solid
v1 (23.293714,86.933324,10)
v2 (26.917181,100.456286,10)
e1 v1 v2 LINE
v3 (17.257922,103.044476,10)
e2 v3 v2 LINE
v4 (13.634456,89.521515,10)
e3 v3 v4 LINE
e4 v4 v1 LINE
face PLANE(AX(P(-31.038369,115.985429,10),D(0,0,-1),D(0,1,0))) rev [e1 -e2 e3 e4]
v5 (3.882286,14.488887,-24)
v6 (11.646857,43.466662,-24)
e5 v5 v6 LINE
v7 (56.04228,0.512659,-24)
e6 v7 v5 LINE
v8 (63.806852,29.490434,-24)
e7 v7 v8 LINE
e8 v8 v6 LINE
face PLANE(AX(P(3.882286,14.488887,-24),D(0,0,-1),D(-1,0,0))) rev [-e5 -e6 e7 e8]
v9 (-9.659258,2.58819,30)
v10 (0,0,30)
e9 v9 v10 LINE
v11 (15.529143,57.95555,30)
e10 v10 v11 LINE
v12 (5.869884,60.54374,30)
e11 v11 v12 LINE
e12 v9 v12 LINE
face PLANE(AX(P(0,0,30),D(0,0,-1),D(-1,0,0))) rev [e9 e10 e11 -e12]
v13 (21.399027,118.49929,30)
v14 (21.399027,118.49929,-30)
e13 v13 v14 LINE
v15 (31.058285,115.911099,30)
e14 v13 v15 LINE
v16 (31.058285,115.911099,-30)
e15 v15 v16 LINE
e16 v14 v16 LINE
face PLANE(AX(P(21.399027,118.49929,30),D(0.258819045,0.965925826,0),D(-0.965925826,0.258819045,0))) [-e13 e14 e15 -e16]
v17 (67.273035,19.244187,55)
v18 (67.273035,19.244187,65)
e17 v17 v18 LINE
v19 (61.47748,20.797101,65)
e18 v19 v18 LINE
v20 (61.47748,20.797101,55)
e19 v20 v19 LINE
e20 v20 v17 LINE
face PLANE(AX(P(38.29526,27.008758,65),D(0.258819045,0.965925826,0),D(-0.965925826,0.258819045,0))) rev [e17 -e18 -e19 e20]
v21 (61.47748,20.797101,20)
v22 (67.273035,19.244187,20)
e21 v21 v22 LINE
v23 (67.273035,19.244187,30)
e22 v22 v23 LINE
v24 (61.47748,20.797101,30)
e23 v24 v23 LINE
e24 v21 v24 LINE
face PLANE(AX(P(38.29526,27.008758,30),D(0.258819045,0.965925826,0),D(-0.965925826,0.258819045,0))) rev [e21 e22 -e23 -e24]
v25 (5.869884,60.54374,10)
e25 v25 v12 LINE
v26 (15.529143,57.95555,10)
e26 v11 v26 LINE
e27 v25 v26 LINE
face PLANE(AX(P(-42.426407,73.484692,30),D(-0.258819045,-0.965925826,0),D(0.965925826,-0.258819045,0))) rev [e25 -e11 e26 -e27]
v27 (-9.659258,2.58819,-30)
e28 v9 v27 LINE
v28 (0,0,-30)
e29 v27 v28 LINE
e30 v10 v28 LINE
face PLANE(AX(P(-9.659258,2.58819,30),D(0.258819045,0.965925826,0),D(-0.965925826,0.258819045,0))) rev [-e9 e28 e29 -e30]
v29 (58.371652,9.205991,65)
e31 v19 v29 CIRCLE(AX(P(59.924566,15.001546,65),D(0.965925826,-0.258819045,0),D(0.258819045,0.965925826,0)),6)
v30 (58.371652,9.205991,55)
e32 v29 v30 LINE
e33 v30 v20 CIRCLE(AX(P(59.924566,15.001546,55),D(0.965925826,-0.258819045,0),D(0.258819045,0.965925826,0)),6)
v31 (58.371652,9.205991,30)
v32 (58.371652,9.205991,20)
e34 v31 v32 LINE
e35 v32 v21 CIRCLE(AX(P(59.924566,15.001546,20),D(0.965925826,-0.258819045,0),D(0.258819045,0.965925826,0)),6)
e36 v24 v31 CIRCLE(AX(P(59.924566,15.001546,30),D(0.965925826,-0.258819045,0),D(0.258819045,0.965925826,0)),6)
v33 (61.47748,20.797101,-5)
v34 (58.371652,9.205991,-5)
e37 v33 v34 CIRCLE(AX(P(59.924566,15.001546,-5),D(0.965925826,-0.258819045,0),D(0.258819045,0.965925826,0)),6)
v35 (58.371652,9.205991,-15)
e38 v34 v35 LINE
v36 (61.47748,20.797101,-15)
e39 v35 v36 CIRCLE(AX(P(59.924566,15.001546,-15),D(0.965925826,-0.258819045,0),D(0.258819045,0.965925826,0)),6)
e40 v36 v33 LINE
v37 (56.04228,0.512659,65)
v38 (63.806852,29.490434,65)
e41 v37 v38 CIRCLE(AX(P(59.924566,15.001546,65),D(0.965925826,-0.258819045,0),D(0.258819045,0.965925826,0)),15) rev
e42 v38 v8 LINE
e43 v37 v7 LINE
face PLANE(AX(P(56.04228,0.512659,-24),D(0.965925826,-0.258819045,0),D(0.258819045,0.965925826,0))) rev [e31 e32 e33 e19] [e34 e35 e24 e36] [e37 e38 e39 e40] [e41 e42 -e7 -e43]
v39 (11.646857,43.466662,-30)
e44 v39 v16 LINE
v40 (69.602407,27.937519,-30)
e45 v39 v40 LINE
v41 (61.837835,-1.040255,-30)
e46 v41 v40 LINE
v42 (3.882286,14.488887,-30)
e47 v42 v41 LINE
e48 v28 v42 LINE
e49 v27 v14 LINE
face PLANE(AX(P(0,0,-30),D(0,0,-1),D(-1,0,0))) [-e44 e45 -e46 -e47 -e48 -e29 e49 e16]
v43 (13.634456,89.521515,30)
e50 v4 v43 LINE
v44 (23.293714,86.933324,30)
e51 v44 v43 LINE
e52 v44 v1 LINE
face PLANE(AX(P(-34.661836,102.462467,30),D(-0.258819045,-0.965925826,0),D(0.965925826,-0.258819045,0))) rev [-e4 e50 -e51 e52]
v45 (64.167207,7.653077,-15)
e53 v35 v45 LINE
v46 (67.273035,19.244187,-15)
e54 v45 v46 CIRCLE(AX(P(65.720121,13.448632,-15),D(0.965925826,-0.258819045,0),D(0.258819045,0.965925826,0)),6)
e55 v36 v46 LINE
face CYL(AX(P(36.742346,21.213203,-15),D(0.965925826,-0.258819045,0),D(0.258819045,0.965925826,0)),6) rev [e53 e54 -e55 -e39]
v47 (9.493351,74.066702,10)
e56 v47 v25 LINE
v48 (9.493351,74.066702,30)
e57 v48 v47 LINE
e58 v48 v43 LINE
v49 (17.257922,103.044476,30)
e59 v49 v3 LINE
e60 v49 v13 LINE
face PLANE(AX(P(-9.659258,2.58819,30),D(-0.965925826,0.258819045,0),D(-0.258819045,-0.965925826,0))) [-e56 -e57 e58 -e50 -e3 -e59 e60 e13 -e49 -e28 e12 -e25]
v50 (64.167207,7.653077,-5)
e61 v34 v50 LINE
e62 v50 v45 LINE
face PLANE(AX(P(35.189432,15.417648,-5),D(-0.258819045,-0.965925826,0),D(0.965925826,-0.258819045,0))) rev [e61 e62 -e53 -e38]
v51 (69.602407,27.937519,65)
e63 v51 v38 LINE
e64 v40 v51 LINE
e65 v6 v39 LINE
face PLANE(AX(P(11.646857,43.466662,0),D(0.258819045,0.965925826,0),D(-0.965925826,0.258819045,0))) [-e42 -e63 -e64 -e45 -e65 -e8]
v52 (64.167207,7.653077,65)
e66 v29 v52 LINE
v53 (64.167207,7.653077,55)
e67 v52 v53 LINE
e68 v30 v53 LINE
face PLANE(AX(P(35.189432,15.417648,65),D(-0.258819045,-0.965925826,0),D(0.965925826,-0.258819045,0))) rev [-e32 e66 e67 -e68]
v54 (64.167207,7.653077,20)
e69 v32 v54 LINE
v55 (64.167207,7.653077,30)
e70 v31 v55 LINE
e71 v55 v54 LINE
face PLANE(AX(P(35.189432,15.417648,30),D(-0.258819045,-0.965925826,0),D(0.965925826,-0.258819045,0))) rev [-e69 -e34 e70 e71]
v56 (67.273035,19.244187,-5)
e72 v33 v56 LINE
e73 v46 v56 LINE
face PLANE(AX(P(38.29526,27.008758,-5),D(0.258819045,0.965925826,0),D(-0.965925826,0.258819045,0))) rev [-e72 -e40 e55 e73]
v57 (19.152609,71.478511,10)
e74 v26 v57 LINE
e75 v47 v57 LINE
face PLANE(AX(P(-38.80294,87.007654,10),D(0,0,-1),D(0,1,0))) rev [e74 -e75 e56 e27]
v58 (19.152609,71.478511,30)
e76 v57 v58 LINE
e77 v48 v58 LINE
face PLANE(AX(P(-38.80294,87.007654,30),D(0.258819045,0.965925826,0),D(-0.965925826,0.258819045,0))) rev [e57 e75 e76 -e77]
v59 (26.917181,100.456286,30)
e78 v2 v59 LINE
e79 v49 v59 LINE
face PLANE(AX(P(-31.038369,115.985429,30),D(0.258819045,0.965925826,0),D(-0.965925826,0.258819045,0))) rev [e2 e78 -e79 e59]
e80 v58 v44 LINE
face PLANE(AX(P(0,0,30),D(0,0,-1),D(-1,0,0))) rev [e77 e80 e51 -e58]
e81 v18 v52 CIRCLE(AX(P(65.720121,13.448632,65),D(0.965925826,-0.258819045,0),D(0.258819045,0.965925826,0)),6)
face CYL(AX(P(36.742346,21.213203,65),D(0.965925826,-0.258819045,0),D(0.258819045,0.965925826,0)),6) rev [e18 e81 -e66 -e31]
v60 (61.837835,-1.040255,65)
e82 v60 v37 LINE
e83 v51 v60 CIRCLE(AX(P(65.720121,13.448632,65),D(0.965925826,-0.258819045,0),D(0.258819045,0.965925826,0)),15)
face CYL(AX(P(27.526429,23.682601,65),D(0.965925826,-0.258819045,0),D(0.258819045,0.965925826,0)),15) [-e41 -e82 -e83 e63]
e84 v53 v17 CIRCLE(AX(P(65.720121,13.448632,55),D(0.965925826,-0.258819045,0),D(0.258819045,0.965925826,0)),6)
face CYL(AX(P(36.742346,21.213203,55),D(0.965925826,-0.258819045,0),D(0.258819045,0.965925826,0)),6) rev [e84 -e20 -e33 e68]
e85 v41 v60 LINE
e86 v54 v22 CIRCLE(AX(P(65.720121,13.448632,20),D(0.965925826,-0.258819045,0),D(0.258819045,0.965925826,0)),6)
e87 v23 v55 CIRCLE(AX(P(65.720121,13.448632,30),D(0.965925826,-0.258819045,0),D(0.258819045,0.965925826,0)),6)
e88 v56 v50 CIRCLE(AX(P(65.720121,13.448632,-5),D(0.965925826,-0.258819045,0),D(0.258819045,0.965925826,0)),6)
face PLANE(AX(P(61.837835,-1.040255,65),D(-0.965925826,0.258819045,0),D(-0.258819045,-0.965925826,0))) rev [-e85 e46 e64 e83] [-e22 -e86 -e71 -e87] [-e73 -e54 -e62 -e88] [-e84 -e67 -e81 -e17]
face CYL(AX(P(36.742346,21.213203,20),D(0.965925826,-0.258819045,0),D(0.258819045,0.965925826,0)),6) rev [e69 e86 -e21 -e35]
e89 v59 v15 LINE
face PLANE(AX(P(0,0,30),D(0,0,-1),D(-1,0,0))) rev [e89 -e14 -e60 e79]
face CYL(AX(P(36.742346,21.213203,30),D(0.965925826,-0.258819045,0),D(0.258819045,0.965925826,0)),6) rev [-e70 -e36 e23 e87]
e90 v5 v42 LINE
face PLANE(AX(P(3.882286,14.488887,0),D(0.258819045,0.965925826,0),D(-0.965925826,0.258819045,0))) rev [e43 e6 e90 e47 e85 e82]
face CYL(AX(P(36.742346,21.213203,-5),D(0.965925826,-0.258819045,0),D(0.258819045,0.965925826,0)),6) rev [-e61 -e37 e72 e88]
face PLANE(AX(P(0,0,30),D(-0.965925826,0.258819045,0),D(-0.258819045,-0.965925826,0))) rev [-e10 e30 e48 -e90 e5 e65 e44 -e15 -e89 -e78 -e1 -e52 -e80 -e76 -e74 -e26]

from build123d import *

# Parameters (mm, degrees)
BOSS_EXTRUDE1_DEPTH = 30
SKETCH3_W           = 20
SKETCH3_H           = 14
CUT_EXTRUDE1_DEPTH  = 60
BOSS_EXTRUDE2_DEPTH = 15
BOSS_EXTRUDE3_DEPTH = 6
CUT_EXTRUDE2_DEPTH  = 30


with BuildPart() as part:
    # Sketch2 → Boss-Extrude1 (new, symmetric)
    with BuildSketch(Plane.XY):
        Polygon((-9.659258263, 2.588190451), (0, 0), (31.058285412, 115.911099155), (21.399027149, 118.499289606), align=None)
    extrude(amount=BOSS_EXTRUDE1_DEPTH, both=True)

    # Sketch3 → Cut-Extrude1 (cut)
    with BuildSketch(Plane(origin=(0, 0, 0), x_dir=(0, 0, -1), z_dir=(0.9659258262890692, -0.25881904510251785, 0))):
        with Locations((-20, 97)):
            Rectangle(SKETCH3_W, SKETCH3_H)
        with Locations((-20, 67)):
            Rectangle(SKETCH3_W, SKETCH3_H)
    extrude(amount=-CUT_EXTRUDE1_DEPTH, mode=Mode.SUBTRACT)

    # Sketch5 → Boss-Extrude2 (add, symmetric)
    with BuildSketch(Plane(origin=(7.764571353, 28.977774789, 0), x_dir=(-0.9659258262890692, 0.25881904510251746, 0), z_dir=(-0.25881904510251746, -0.9659258262890692, 0))):
        Polygon((0, 24), (-54, 24), (-54, -65), (-60, -65), (-60, 30), (0, 30), align=None)
    extrude(amount=BOSS_EXTRUDE2_DEPTH, both=True)

    # Sketch6 → Boss-Extrude3 (add)
    with BuildSketch(Plane(origin=(57.955549577, -15.529142706, 0), x_dir=(0, 0, -1), z_dir=(0.9659258262890692, -0.25881904510251746, 0))):
        with BuildLine():
            Line((-65, 45), (-65, 15))
            ThreePointArc((-65, 15), (-80, 30), (-65, 45))
        make_face()
    extrude(amount=-BOSS_EXTRUDE3_DEPTH)

    # Sketch7 → Cut-Extrude2 (cut)
    with BuildSketch(Plane(origin=(57.955549577, -15.529142706, 0), x_dir=(0, 0, -1), z_dir=(0.9659258262890692, -0.25881904510251746, 0))):
        with BuildLine():
            Line((-65, 36), (-55, 36))
            ThreePointArc((-55, 36), (-49, 30), (-55, 24))
            Line((-55, 24), (-65, 24))
            ThreePointArc((-65, 24), (-71, 30), (-65, 36))
        make_face()
        with BuildLine():
            Line((-30, 36), (-20, 36))
            ThreePointArc((-20, 36), (-14, 30), (-20, 24))
            Line((-20, 24), (-30, 24))
            ThreePointArc((-30, 24), (-36, 30), (-30, 36))
        make_face()
        with BuildLine():
            Line((5, 36), (15, 36))
            ThreePointArc((15, 36), (21, 30), (15, 24))
            Line((15, 24), (5, 24))
            ThreePointArc((5, 24), (-1, 30), (5, 36))
        make_face()
    extrude(amount=-CUT_EXTRUDE2_DEPTH, mode=Mode.SUBTRACT)


solid = part.part
